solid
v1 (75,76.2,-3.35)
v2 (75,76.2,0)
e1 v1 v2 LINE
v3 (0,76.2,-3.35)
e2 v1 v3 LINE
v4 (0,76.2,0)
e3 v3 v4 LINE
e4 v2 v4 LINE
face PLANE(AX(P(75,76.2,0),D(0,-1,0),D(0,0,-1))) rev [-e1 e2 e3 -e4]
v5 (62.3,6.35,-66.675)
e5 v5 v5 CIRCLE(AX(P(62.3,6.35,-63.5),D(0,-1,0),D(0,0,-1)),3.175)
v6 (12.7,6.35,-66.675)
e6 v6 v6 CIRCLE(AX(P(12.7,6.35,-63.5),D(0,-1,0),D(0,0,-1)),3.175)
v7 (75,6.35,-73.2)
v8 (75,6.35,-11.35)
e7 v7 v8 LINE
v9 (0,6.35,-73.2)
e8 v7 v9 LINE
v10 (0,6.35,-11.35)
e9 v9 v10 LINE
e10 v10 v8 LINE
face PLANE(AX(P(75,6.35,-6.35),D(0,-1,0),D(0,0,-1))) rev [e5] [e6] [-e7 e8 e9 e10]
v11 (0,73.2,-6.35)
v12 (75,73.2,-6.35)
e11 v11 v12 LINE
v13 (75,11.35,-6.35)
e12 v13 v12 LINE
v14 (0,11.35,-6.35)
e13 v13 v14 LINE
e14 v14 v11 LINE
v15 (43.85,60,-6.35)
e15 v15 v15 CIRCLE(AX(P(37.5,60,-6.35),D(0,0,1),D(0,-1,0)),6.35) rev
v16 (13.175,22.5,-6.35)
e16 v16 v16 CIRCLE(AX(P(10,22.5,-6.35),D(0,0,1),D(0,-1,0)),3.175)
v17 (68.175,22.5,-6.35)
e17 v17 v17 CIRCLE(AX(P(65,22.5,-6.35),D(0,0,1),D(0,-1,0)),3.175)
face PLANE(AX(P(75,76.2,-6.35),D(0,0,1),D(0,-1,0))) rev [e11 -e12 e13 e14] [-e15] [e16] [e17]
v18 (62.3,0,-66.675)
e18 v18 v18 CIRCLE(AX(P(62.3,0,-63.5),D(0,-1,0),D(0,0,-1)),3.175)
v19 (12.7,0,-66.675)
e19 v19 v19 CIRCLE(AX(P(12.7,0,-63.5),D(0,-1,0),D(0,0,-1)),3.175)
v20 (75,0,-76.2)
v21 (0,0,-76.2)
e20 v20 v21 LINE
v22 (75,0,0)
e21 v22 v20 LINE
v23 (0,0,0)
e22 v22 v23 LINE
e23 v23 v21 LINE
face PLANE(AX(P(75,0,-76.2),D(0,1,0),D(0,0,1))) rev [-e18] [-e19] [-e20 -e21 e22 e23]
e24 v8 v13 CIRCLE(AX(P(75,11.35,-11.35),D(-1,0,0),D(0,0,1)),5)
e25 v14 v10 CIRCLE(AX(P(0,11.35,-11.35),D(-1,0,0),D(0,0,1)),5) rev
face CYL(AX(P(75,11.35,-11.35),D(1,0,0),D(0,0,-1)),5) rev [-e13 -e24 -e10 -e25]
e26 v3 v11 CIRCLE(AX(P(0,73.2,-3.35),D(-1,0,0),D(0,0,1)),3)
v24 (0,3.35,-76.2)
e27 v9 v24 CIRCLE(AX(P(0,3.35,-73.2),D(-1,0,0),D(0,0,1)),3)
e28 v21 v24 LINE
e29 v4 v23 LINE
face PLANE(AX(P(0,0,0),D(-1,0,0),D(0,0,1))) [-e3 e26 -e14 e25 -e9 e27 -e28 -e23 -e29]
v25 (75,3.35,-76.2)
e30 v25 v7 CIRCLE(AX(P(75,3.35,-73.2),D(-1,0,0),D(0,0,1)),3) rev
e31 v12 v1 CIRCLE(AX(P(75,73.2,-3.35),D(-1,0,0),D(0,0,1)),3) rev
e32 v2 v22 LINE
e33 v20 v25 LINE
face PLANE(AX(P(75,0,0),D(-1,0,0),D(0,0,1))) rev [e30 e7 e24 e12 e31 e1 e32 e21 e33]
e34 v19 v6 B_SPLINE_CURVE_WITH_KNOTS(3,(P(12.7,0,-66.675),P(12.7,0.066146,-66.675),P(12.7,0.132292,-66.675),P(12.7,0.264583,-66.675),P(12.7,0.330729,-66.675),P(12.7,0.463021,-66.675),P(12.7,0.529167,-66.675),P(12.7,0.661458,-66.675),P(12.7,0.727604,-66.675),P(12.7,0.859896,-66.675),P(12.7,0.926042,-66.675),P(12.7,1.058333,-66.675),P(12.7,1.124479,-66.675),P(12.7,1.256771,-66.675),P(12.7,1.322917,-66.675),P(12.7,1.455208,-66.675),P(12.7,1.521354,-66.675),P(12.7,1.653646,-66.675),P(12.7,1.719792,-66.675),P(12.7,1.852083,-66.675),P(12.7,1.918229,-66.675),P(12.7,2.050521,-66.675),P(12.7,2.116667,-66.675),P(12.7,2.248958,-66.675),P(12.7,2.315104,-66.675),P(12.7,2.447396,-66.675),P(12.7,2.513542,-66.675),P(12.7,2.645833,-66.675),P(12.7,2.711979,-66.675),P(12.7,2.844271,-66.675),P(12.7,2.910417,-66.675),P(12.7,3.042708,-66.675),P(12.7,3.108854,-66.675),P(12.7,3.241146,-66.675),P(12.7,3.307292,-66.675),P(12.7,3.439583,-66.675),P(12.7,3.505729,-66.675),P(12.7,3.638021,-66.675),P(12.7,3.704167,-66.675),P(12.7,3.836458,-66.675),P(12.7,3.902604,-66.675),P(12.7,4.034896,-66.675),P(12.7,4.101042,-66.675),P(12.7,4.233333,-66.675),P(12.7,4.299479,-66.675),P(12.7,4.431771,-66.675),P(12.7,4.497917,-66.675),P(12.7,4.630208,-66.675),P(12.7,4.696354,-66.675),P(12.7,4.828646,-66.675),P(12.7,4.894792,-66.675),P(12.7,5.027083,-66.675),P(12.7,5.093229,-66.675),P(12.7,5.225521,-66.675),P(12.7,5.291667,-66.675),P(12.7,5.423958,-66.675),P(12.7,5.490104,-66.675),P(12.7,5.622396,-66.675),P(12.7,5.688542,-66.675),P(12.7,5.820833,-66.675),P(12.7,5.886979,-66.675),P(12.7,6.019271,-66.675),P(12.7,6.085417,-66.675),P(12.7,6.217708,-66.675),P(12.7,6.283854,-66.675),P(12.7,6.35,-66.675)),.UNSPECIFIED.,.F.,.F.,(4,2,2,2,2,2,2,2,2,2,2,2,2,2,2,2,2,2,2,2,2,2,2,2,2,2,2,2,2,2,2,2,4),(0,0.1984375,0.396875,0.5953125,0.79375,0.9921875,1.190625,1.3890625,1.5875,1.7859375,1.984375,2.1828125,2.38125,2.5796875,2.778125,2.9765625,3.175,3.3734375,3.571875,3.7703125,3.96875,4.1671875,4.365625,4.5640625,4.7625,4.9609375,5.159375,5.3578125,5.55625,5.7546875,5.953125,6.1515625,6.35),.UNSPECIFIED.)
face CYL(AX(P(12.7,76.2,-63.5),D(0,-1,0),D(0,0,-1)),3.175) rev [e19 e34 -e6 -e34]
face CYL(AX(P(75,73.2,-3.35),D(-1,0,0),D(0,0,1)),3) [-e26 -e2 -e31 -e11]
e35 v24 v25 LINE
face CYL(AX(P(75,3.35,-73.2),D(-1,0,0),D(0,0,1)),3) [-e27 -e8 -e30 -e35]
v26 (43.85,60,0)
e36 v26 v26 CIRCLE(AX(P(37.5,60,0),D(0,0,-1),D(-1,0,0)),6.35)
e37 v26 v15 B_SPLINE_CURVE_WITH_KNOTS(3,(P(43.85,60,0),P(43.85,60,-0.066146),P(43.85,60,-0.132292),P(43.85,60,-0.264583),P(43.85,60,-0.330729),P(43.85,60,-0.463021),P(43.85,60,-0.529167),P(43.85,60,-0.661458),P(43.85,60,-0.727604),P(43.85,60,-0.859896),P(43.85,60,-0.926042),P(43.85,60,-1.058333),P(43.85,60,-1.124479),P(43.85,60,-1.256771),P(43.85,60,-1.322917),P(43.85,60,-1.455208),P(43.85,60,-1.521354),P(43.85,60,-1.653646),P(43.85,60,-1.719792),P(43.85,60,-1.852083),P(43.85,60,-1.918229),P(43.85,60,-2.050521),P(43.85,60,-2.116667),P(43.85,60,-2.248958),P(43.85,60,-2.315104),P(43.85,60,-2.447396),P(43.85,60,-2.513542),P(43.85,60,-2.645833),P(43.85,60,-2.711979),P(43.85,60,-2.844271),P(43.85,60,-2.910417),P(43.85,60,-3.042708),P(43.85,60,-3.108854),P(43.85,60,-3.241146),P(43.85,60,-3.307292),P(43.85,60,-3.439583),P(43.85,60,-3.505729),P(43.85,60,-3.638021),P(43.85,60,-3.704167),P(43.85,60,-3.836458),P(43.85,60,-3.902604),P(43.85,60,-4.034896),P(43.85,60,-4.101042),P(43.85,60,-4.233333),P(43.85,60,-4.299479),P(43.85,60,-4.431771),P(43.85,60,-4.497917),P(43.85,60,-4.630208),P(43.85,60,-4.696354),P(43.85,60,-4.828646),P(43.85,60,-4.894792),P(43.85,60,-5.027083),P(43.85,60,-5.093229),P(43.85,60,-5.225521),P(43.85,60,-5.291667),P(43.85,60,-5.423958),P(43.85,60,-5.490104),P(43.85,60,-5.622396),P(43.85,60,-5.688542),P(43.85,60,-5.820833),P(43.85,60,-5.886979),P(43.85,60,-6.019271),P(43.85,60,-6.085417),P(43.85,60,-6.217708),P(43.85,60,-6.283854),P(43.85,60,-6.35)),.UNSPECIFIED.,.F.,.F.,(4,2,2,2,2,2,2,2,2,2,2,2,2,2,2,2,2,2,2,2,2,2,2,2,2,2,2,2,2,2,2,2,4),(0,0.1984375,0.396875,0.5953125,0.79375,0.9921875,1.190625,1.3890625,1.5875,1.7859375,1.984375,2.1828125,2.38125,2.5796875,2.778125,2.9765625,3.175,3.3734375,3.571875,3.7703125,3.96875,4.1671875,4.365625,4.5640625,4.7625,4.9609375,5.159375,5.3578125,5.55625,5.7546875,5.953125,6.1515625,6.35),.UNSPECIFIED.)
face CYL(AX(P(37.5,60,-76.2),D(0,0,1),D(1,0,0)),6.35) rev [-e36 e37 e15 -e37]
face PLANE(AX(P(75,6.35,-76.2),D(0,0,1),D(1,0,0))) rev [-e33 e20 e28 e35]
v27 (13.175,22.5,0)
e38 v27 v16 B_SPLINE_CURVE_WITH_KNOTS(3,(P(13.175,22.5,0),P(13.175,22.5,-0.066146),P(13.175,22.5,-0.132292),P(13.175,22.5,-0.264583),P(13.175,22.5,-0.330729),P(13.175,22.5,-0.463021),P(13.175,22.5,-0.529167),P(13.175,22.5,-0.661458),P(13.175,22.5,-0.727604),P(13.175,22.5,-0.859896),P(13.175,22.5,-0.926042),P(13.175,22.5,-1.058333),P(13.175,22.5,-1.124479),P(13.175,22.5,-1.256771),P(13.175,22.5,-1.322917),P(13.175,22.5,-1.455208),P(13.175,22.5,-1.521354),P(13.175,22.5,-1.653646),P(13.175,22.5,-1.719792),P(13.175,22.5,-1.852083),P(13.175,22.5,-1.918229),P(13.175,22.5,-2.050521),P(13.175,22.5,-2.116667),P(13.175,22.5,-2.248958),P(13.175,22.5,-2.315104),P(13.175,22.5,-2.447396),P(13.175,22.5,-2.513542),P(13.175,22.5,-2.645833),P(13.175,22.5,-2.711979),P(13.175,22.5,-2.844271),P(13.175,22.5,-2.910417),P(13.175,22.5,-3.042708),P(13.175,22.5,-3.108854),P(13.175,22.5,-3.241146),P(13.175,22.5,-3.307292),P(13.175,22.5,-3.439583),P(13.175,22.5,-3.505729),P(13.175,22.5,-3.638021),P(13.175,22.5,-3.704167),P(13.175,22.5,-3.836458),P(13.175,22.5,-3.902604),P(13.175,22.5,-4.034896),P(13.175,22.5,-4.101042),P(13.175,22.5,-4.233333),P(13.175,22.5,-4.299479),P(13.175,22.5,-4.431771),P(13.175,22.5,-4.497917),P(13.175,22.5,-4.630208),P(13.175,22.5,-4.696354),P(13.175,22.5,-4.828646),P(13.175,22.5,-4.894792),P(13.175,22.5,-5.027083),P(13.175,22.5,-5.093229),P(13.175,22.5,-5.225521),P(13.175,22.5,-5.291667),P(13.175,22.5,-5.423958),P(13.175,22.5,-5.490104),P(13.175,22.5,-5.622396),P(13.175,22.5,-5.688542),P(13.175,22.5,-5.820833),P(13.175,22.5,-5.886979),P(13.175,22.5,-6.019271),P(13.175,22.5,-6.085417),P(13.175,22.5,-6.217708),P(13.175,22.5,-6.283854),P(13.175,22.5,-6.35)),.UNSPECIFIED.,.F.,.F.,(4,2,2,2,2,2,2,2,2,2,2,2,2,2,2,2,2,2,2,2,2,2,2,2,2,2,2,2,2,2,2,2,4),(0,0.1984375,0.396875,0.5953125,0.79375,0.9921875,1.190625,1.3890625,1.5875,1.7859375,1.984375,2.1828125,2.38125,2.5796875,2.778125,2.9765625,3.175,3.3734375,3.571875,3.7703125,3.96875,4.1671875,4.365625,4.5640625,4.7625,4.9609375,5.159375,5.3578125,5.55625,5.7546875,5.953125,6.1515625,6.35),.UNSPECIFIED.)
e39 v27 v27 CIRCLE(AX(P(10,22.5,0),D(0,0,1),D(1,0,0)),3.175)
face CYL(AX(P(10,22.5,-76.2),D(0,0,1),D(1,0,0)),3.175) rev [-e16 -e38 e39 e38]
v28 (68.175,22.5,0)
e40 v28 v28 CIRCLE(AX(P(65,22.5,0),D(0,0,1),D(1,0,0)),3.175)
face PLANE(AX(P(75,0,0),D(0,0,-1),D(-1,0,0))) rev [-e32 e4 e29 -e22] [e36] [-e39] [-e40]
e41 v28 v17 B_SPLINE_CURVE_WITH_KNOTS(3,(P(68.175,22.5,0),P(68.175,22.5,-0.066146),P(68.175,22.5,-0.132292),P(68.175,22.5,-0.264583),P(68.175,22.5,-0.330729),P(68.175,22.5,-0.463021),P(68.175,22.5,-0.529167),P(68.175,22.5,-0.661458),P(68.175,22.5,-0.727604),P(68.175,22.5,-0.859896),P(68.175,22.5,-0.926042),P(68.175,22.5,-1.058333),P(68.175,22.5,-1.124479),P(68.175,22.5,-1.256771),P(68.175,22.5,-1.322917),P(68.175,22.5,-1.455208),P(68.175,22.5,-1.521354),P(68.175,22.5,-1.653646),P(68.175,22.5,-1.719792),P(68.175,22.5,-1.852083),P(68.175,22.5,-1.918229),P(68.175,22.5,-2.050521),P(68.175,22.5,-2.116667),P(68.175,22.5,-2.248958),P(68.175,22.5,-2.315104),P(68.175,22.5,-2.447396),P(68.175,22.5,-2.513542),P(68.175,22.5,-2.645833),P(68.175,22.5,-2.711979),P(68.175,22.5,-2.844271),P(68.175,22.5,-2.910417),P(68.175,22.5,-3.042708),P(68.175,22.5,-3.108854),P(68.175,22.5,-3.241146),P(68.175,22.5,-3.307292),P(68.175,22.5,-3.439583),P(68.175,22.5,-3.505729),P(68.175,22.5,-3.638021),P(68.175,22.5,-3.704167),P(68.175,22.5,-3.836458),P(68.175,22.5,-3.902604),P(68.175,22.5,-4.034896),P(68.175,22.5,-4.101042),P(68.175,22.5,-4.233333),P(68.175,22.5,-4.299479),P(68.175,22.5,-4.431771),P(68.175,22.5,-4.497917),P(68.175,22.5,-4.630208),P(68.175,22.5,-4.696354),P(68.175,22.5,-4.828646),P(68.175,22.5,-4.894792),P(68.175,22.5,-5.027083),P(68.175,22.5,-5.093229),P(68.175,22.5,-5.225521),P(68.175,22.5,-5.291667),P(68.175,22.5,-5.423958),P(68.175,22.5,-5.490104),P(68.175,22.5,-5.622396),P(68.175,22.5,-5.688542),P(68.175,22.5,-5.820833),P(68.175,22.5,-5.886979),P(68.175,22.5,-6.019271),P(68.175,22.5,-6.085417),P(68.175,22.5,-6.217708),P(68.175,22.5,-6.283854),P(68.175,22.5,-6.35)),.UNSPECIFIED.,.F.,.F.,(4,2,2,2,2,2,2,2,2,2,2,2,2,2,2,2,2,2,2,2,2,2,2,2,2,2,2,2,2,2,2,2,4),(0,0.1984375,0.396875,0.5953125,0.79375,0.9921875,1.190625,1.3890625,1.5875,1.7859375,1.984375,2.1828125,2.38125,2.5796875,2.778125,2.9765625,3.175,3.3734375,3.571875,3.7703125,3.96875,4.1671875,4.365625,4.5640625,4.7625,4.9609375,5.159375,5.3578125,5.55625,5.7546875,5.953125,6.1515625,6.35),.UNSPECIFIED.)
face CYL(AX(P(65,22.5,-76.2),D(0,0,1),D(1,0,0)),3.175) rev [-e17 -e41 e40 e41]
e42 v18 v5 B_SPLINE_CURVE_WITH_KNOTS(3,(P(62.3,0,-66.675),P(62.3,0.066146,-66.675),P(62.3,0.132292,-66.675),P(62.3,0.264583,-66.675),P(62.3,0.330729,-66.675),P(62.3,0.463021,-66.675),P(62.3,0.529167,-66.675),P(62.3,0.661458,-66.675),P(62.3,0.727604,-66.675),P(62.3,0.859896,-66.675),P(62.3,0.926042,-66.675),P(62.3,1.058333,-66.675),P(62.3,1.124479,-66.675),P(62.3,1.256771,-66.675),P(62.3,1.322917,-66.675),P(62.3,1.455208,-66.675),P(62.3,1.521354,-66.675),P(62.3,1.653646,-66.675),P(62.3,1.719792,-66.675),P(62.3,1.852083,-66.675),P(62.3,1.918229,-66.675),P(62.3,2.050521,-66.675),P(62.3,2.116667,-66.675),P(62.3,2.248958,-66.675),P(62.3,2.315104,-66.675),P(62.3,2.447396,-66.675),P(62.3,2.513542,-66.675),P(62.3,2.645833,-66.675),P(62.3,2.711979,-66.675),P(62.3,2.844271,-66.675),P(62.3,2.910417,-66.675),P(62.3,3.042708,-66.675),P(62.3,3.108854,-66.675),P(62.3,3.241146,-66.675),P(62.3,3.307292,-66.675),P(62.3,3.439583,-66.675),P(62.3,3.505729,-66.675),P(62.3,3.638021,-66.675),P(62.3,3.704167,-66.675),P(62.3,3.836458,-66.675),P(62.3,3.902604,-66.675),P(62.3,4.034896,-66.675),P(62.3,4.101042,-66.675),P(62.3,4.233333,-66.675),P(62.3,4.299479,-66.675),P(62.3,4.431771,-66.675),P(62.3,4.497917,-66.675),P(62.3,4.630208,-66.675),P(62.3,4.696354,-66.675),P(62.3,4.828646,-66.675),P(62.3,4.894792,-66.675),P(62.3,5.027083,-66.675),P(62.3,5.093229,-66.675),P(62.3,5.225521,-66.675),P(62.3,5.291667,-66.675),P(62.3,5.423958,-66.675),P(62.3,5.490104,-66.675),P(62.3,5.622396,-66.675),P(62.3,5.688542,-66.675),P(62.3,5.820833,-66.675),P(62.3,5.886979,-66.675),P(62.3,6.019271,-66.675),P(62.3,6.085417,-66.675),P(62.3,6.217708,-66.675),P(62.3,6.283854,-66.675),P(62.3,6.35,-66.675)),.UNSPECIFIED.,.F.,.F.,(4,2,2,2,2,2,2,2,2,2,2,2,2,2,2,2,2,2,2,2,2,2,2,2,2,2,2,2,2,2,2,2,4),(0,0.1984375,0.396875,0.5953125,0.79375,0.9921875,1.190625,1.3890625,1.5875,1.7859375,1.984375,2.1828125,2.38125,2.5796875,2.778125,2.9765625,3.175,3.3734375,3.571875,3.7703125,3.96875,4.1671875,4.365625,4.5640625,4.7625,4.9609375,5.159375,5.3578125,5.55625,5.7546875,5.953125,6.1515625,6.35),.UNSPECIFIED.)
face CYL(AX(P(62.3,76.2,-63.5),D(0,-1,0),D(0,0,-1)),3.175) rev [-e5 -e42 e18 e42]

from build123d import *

# Parameters (mm, degrees)
BOSS_EXTRUDE1_DEPTH = 75
FILLET1_R           = 3
FILLET2_R           = 5
SKETCH2_R           = 6.35
CUT_EXTRUDE1_DEPTH  = 132.293107207
SKETCH3_R           = 3.175
CUT_EXTRUDE2_DEPTH  = 132.293107207
SKETCH4_R           = 3.175
CUT_EXTRUDE3_DEPTH  = 132.293107207


with BuildPart() as part:
    # Sketch1 → Boss-Extrude1 (new body)
    with BuildSketch(Plane(origin=(0, 0, 0), x_dir=(0, 0, -1), z_dir=(1, 0, 0))):
        Polygon((0, 0), (0, 76.2), (6.35, 76.2), (6.35, 6.35), (76.2, 6.35), (76.2, 0), align=None)
    extrude(amount=BOSS_EXTRUDE1_DEPTH)

    # Fillet1
    fillet1_edges = [part.edges().sort_by_distance(p)[0] for p in [
        (37.5, 76.2, -6.35),
        (37.5, 6.35, -76.2),
    ]]
    fillet(fillet1_edges, radius=FILLET1_R)

    # Fillet2
    fillet2_edges = [part.edges().sort_by_distance(p)[0] for p in [
        (37.5, 6.35, -6.35),
    ]]
    fillet(fillet2_edges, radius=FILLET2_R)

    # Sketch2 → Cut-Extrude1 (cut, through all)
    with BuildSketch(Plane(origin=(0, 0, 0), x_dir=(-1, 0, 0), z_dir=(0, 0, -1))):
        with Locations(Location((-37.5, 60, 0), (0, 0, 180))):
            Circle(SKETCH2_R)
    extrude(amount=CUT_EXTRUDE1_DEPTH, mode=Mode.SUBTRACT)

    # Sketch3 → Cut-Extrude2 (cut, through all)
    with BuildSketch(Plane.XY):
        with Locations((10, 22.5)):
            Circle(SKETCH3_R)
        with Locations((65, 22.5)):
            Circle(SKETCH3_R)
    extrude(amount=-CUT_EXTRUDE2_DEPTH, mode=Mode.SUBTRACT)

    # Sketch4 → Cut-Extrude3 (cut, through all)
    with BuildSketch(Plane.XZ):
        with Locations(Location((12.7, -63.5, 0), (0, 0, 270))):
            Circle(SKETCH4_R)
        with Locations(Location((62.3, -63.5, 0), (0, 0, 270))):
            Circle(SKETCH4_R)
    extrude(amount=-CUT_EXTRUDE3_DEPTH, mode=Mode.SUBTRACT)


solid = part.part
